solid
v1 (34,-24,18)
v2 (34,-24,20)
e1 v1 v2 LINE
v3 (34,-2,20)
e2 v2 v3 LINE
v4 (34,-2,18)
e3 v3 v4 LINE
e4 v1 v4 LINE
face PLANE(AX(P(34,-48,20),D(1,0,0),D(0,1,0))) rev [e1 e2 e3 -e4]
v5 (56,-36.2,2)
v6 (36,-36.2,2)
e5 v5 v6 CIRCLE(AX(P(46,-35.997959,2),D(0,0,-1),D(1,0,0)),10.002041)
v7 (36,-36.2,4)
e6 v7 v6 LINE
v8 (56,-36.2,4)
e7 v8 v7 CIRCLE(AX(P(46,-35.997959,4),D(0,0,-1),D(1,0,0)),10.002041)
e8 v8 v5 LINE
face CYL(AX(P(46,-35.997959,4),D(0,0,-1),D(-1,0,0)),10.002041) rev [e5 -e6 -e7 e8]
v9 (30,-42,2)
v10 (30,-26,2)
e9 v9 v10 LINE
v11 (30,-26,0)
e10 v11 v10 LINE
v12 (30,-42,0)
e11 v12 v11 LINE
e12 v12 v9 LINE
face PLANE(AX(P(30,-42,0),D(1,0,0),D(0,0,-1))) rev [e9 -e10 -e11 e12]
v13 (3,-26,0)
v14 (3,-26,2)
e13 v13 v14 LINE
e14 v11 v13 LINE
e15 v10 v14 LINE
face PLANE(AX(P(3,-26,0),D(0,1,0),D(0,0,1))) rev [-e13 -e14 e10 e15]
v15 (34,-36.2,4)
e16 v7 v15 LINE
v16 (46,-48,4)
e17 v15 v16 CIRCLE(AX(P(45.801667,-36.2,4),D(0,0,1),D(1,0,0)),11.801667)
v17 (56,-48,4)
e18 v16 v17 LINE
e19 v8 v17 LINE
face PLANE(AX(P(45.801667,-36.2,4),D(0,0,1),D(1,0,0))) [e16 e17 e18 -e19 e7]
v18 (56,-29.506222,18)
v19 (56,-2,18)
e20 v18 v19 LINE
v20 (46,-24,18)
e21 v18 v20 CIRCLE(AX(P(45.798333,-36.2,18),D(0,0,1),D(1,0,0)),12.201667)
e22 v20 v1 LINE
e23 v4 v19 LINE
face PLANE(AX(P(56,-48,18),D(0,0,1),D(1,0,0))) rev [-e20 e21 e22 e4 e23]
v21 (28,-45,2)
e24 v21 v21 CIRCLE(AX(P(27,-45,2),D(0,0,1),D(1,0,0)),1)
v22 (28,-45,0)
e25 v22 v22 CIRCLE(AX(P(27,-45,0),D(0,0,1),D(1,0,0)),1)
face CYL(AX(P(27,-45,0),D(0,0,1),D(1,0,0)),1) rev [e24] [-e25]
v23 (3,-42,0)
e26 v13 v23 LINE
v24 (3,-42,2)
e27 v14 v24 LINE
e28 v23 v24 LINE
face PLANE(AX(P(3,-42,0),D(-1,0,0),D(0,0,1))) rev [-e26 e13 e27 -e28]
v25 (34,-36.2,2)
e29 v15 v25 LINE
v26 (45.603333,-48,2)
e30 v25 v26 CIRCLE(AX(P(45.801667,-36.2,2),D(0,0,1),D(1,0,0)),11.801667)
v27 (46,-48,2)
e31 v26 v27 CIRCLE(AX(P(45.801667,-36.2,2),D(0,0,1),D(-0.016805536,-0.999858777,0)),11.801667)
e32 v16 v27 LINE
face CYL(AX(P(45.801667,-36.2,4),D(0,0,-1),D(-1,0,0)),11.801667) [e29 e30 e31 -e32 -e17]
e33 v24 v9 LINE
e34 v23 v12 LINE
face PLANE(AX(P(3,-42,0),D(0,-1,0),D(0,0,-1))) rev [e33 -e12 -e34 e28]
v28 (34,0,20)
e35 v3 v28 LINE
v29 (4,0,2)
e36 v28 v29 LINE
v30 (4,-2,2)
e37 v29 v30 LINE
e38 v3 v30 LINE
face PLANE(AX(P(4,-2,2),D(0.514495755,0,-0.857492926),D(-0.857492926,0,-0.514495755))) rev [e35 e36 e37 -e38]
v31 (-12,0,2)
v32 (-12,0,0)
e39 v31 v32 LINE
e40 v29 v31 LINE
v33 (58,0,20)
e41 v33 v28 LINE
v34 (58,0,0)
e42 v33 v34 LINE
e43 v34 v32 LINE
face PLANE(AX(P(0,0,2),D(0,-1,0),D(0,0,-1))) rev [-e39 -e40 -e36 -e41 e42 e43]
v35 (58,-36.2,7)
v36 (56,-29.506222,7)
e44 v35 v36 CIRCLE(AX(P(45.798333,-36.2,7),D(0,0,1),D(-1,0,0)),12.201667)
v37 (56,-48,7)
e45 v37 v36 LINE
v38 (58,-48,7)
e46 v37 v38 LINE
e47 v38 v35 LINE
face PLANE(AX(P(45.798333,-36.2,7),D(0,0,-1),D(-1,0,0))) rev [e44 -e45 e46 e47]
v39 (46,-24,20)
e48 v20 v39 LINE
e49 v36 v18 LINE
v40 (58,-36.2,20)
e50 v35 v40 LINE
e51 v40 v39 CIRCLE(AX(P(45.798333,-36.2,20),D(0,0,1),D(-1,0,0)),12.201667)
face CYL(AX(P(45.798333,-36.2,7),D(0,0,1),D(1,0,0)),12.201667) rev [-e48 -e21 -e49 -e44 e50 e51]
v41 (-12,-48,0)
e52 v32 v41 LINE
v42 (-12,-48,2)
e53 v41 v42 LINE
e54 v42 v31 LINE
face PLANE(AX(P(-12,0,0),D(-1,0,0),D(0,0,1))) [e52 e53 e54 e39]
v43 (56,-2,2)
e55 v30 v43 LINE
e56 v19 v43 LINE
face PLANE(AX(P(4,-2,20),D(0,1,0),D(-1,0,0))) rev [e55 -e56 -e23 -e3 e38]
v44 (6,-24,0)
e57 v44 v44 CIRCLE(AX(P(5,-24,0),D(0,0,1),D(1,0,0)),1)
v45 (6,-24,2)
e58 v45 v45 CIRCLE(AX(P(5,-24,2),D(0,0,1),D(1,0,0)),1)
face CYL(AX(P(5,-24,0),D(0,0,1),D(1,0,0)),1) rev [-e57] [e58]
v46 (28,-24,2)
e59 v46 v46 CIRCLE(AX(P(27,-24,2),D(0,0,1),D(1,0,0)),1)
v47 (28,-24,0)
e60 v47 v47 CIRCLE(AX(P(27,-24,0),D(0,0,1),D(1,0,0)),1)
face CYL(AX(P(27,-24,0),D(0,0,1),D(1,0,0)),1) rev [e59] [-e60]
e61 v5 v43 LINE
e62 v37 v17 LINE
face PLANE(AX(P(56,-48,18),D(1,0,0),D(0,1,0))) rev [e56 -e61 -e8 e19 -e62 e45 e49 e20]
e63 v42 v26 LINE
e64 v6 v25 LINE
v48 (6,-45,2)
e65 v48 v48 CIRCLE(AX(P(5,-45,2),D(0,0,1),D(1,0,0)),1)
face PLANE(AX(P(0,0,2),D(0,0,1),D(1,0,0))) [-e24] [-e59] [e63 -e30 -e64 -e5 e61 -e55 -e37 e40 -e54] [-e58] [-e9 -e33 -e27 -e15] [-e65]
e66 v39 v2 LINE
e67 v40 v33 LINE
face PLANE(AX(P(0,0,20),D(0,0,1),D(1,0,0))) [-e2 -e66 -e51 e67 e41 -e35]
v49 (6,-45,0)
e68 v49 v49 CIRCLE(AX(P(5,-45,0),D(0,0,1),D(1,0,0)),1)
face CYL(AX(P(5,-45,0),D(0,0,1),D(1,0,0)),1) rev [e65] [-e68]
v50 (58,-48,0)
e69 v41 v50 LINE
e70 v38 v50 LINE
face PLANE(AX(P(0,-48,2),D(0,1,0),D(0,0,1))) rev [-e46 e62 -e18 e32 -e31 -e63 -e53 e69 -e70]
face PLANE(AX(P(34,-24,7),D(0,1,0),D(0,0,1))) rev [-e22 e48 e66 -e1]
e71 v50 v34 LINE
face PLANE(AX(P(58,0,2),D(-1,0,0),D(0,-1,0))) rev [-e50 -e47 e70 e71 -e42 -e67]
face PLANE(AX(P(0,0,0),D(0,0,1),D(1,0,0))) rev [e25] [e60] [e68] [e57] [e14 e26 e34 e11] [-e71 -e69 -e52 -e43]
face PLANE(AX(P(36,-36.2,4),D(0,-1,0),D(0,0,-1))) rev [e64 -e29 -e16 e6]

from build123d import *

# Parameters (mm, degrees)
SKETCH1_W           = 58
SKETCH1_H           = 48
BOSS_EXTRUDE1_DEPTH = 2
SKETCH2_R           = 1
SKETCH2_W           = 27
SKETCH2_H           = 16
CUT_EXTRUDE1_DEPTH  = 2
SKETCH3_W           = 54
SKETCH3_H           = 2
BOSS_EXTRUDE2_DEPTH = 18
CUT_EXTRUDE2_DEPTH  = 2
BOSS_EXTRUDE3_DEPTH = 46
BOSS_EXTRUDE4_DEPTH = 2
CUT_EXTRUDE3_DEPTH  = 13
SKETCH8_W           = 2
SKETCH8_H           = 48
BOSS_EXTRUDE5_DEPTH = 12


with BuildPart() as part:
    # Sketch1 → Boss-Extrude1 (new body)
    with BuildSketch(Plane.XY):
        with Locations((29, -24)):
            Rectangle(SKETCH1_W, SKETCH1_H)
    extrude(amount=BOSS_EXTRUDE1_DEPTH)

    # Sketch2 → Cut-Extrude1 (cut)
    with BuildSketch(Plane.XY.offset(2)):
        with Locations((5, -45)):
            Circle(SKETCH2_R)
        with Locations((27, -45)):
            Circle(SKETCH2_R)
        with Locations((5, -24)):
            Circle(SKETCH2_R)
        with Locations((27, -24)):
            Circle(SKETCH2_R)
        with Locations((16.5, -34)):
            Rectangle(SKETCH2_W, SKETCH2_H)
    extrude(amount=-CUT_EXTRUDE1_DEPTH, mode=Mode.SUBTRACT)

    # Sketch3 → Boss-Extrude2 (add)
    with BuildSketch(Plane.XY.offset(2)):
        with Locations((31, -1)):
            Rectangle(SKETCH3_W, SKETCH3_H)
    extrude(amount=BOSS_EXTRUDE2_DEPTH)

    # Sketch4 → Cut-Extrude2 (cut)
    with BuildSketch(Plane(origin=(0, 0, 0), x_dir=(1, 0, 0), z_dir=(0, 1, 0))):
        Polygon((4, -2), (34, -20), (4, -20), align=None)
    extrude(amount=-CUT_EXTRUDE2_DEPTH, mode=Mode.SUBTRACT)

    # Sketch5 → Boss-Extrude3 (add)
    with BuildSketch(Plane.XZ.offset(2)):
        Polygon((58, 20), (34, 20), (34, 18), (56, 18), (56, 2), (58, 2), (58, 18), align=None)
    extrude(amount=BOSS_EXTRUDE3_DEPTH)

    # Sketch6 → Boss-Extrude4 (add)
    with BuildSketch(Plane.XY.offset(2)):
        with BuildLine():
            Line((36, -36.2), (34, -36.2))
            ThreePointArc((34, -36.2), (37.527046669, -44.614867795), (46, -48))
            Line((46, -48), (57, -48))
            Line((57, -48), (57, -36.2))
            Line((57, -36.2), (56, -36.2))
            ThreePointArc((56, -36.2), (46, -46), (36, -36.2))
        make_face()
    extrude(amount=BOSS_EXTRUDE4_DEPTH)

    # Sketch7 → Cut-Extrude3 (cut)
    with BuildSketch(Plane.XY.offset(20)):
        with BuildLine():
            Line((58, -48), (58, -36.2))
            ThreePointArc((58, -36.2), (54.497222311, -27.64371576), (46, -24))
            Line((46, -24), (34, -24))
            Line((34, -24), (34, -48))
            Line((34, -48), (58, -48))
        make_face()
    extrude(amount=-CUT_EXTRUDE3_DEPTH, mode=Mode.SUBTRACT)

    # Sketch8 → Boss-Extrude5 (add)
    with BuildSketch(Plane.ZY):
        with Locations((1, -24)):
            Rectangle(SKETCH8_W, SKETCH8_H)
    extrude(amount=BOSS_EXTRUDE5_DEPTH)


solid = part.part
